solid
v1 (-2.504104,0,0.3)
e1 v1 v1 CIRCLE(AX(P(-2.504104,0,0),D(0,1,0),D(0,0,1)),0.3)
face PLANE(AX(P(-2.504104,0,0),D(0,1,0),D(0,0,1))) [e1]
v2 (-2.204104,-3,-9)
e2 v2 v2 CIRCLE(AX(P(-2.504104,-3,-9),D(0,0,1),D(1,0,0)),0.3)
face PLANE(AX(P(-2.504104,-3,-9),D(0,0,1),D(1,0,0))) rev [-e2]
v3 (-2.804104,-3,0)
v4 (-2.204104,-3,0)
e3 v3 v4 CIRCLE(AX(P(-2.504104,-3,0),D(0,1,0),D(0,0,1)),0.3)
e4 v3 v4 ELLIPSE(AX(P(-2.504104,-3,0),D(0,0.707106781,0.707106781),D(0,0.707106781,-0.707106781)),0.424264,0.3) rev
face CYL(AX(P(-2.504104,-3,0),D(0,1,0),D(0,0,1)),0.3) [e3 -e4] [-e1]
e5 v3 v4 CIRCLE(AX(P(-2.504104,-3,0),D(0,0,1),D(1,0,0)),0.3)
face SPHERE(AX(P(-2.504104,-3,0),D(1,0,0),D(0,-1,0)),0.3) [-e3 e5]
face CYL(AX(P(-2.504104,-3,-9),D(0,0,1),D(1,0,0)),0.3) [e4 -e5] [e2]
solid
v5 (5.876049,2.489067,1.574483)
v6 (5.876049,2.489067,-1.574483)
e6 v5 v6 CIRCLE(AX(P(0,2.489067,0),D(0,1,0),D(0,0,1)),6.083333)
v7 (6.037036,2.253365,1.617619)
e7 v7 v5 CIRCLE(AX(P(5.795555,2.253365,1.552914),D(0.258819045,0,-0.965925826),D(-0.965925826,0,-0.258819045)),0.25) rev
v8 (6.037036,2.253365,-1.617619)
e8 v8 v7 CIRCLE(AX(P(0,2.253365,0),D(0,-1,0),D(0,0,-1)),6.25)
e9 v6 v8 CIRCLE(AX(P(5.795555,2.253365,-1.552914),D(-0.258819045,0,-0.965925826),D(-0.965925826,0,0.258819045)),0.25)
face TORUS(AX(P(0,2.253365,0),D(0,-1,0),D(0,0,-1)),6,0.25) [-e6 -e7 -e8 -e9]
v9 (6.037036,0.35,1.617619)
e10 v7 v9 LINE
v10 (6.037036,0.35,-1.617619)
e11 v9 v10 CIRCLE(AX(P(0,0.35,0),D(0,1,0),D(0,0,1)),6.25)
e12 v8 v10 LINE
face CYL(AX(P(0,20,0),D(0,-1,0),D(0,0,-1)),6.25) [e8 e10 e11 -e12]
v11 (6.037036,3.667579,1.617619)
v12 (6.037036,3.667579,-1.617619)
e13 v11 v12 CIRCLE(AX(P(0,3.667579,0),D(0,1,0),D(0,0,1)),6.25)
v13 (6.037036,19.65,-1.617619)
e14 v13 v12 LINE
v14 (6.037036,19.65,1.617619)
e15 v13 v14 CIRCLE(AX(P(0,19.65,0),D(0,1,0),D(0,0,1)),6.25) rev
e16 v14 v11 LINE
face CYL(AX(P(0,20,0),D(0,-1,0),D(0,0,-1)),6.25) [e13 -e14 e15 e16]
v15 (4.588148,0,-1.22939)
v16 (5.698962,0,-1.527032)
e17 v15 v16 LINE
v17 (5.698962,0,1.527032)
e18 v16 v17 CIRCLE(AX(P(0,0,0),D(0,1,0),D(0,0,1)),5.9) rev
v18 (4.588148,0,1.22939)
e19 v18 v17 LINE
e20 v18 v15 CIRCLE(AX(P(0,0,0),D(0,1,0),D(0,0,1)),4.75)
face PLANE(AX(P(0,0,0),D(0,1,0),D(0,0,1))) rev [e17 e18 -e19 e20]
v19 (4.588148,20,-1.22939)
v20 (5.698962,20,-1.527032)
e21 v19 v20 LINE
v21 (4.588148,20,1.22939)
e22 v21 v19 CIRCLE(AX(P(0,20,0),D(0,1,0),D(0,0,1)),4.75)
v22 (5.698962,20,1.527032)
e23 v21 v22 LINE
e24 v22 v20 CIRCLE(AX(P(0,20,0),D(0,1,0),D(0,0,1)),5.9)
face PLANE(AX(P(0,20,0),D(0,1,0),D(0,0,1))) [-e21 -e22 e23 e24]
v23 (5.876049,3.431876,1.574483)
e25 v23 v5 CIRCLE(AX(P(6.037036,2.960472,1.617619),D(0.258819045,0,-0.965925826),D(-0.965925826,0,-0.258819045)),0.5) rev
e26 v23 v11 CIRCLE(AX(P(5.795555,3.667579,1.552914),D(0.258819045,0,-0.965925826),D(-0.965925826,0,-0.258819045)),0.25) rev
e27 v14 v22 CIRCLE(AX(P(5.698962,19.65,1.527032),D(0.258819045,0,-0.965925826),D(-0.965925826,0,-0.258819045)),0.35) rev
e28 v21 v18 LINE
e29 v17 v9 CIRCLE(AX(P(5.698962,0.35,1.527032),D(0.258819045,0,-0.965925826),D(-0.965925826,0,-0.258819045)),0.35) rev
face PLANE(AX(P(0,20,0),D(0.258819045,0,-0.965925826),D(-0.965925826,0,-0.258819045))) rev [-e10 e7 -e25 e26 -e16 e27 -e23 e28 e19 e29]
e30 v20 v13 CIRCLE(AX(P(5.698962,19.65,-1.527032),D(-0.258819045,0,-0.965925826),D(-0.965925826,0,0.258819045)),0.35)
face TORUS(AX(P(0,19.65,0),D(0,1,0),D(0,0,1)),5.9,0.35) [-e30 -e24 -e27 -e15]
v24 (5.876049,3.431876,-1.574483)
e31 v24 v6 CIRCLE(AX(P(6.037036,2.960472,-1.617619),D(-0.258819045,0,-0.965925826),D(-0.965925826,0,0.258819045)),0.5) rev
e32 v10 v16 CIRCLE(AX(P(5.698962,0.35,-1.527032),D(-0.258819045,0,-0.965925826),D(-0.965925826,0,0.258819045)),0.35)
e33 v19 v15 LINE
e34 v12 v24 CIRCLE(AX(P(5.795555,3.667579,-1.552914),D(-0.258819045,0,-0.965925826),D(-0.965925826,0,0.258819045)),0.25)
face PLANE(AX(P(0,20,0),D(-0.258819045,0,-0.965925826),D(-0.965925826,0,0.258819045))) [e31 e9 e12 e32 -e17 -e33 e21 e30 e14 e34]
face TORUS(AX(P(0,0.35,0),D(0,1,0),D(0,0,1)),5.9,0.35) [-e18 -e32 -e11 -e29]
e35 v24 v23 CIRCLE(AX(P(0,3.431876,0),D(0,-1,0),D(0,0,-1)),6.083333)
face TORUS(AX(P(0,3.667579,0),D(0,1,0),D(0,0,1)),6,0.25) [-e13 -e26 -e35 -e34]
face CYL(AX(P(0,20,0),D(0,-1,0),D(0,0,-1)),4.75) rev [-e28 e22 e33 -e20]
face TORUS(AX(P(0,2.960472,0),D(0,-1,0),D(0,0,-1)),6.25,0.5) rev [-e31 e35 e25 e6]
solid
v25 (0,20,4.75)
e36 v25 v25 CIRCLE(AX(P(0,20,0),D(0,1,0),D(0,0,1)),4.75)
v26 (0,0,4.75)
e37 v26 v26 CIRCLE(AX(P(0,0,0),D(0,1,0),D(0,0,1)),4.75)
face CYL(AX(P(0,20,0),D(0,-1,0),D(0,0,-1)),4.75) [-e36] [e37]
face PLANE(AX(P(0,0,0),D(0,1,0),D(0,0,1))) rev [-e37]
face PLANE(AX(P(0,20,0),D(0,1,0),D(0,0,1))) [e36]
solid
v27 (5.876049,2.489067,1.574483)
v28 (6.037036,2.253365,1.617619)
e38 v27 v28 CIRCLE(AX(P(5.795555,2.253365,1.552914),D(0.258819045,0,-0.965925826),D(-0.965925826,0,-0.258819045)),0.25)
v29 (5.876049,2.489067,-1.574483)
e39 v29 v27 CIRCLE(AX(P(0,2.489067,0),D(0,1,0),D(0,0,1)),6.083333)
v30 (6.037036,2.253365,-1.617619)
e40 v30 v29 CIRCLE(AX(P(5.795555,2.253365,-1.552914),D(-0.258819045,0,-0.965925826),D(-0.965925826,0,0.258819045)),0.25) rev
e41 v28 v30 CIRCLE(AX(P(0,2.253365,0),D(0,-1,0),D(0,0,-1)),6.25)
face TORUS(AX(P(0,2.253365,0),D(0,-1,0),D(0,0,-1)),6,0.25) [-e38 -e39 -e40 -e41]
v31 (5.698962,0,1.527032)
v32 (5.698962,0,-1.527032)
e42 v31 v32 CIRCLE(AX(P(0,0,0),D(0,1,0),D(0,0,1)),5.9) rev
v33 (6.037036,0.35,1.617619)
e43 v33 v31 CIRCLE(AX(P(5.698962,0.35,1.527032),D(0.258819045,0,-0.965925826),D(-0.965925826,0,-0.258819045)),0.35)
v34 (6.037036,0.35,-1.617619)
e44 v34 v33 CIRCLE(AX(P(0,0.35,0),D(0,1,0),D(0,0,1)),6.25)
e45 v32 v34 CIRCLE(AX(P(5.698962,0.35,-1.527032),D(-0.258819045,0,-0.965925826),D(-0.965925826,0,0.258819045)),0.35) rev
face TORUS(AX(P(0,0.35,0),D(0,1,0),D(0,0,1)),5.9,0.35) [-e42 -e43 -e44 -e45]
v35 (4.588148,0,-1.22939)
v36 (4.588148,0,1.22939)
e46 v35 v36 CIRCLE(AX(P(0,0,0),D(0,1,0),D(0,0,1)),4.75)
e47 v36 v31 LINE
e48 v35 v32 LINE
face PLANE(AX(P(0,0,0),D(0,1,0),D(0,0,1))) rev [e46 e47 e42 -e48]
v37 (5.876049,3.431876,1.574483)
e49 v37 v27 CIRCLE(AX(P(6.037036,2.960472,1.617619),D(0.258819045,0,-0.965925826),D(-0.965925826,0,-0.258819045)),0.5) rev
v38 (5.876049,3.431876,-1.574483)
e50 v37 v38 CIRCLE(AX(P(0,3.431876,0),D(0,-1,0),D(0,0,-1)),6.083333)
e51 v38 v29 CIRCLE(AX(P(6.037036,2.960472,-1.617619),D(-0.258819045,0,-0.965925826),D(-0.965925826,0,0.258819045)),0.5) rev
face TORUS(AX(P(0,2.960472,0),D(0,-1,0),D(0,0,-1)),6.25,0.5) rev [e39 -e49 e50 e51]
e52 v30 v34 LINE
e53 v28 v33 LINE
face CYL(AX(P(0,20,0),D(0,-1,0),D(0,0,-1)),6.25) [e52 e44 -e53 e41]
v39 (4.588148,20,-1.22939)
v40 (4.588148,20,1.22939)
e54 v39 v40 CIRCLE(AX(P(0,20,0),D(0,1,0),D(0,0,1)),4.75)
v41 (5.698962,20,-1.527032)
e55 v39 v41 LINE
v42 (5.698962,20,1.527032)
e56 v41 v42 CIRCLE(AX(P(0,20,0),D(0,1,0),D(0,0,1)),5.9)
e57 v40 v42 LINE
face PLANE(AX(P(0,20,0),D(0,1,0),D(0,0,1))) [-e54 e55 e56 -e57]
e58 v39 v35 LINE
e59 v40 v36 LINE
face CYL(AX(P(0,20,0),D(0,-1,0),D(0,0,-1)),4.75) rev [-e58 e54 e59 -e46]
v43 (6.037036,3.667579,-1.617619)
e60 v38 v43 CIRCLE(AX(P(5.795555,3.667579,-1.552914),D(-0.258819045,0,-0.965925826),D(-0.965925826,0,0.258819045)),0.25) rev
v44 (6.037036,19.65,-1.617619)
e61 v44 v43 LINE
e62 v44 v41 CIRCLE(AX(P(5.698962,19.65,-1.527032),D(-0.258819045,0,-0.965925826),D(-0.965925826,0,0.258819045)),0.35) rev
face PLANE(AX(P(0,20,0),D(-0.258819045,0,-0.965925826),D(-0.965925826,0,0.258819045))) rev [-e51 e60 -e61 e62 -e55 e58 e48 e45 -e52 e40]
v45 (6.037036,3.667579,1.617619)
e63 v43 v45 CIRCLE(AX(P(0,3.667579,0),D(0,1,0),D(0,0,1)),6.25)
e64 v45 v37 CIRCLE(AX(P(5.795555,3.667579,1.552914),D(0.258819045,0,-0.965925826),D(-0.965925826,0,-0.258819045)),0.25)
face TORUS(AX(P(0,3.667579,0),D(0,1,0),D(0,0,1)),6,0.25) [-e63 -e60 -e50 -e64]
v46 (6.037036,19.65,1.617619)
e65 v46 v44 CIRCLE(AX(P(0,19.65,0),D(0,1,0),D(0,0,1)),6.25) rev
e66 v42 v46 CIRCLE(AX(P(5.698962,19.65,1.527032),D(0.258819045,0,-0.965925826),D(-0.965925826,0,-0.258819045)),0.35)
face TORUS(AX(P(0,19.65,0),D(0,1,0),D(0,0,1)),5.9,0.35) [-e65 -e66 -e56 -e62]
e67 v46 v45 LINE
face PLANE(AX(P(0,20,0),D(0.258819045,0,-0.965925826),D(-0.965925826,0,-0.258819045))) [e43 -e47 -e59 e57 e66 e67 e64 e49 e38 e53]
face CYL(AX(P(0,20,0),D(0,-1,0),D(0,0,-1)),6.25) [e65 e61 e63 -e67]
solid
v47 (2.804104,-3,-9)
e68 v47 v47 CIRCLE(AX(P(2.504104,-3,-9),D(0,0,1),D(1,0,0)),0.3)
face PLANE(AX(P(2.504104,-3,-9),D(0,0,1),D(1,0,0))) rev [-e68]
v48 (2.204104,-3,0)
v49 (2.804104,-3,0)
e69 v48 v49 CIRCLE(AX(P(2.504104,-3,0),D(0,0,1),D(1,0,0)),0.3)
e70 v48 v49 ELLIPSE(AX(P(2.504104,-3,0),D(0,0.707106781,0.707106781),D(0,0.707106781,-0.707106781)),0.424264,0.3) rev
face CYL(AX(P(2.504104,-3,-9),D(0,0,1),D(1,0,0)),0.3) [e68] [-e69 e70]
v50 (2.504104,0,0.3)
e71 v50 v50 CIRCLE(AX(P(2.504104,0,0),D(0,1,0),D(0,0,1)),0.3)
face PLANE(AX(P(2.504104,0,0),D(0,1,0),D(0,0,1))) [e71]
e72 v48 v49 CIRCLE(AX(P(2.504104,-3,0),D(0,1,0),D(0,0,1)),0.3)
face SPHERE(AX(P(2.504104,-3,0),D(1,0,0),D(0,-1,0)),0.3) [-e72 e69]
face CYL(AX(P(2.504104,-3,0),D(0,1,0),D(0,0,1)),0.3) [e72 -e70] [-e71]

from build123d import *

# Parameters (mm, degrees)
SALIENTE_EXTRUIR2_DEPTH   = 20
SALIENTE_EXTRUIR3_DEPTH   = 20
SALIENTE_EXTRUIR4_DEPTH   = 20
REDONDEO1_R               = 0.35
REDONDEO2_R               = 0.35
REDONDEO3_R               = 0.35
CROQUIS3_R                = 0.5000000000000007
REDONDEO4_R               = 0.25
REDONDEO5_R               = 0.25
CROQUIS4_R                = 0.3000000000000001
SALIENTE_EXTRUIR7_DEPTH   = 3
SALIENTE_EXTRUIR7_2_DEPTH = 3
CROQUIS7_R                = 0.3000000000000001
SALIENTE_EXTRUIR9_DEPTH   = 9


with BuildPart() as part:
    # Croquis2 → Saliente-Extruir2 (new body)
    with BuildSketch(Plane(origin=(0, 0, 0), x_dir=(1, 0, 0), z_dir=(0, 1, 0))):
        with BuildLine():
            ThreePointArc((4.75, 0), (4.709363091525599, 0.619999413045247), (4.588147674873073, 1.2293904642369773))
            ThreePointArc((4.588147674873073, 1.2293904642369773), (-4.75, 5.8e-16), (4.588147674873073, -1.2293904642369775))
            ThreePointArc((4.588147674873073, -1.2293904642369775), (4.709363091525598, -0.6199994130452497), (4.75, -1.16e-15))
        make_face()
    extrude(amount=SALIENTE_EXTRUIR2_DEPTH)


with BuildPart() as body_2:
    # Croquis2<4> → Saliente-Extruir3 (new body)
    with BuildSketch(Plane(origin=(0, 0, 0), x_dir=(1, 0, 0), z_dir=(0, 1, 0))):
        with BuildLine():
            ThreePointArc((4.588147674873073, -1.2293904642369775), (-4.75, 5.8e-16), (4.588147674873073, 1.2293904642369773))
            Line((4.588147674873073, 1.2293904642369773), (6.037036414306675, 1.6176190318907595))
            ThreePointArc((6.037036414306676, 1.6176190318907597), (-6.25, -2.01e-15), (6.037036414306676, -1.6176190318907597))
            Line((6.037036414306676, -1.6176190318907584), (4.588147674873074, -1.2293904642369764))
        make_face()
    extrude(amount=SALIENTE_EXTRUIR3_DEPTH)

    # Redondeo1
    redondeo1_edges = [body_2.edges().sort_by_distance(p)[0] for p in [
        (-6.25, 20, 1.1e-16),
    ]]
    fillet(redondeo1_edges, radius=REDONDEO1_R)

    # Redondeo3
    redondeo3_edges = [body_2.edges().sort_by_distance(p)[0] for p in [
        (-6.25, 0, 1.1e-16),
    ]]
    fillet(redondeo3_edges, radius=REDONDEO3_R)


with BuildPart() as body_3:
    # Croquis2<5> → Saliente-Extruir4 (new body)
    with BuildSketch(Plane(origin=(0, 0, 0), x_dir=(1, 0, 0), z_dir=(0, 1, 0))):
        with BuildLine():
            Line((6.037036414306675, 1.6176190318907595), (4.588147674873073, 1.2293904642369773))
            ThreePointArc((4.588147674873073, 1.2293904642369773), (4.709363091525599, 0.619999413045247), (4.75, 0))
            ThreePointArc((4.75, -1.16e-15), (4.709363091525598, -0.6199994130452497), (4.588147674873073, -1.2293904642369775))
            Line((4.588147674873074, -1.2293904642369764), (6.037036414306676, -1.6176190318907584))
            ThreePointArc((6.037036414306676, -1.6176190318907597), (6.196530383586314, -0.8157887013753286), (6.25, -1.53e-15))
            ThreePointArc((6.25, 0), (6.196530383586315, 0.8157887013753251), (6.037036414306676, 1.6176190318907597))
        make_face()
    extrude(amount=SALIENTE_EXTRUIR4_DEPTH)

    # Redondeo2
    redondeo2_edges = [body_3.edges().sort_by_distance(p)[0] for p in [
        (6.250000000000001, 0, -1.08e-15),
        (6.250000000000001, 20, -4.4e-16),
    ]]
    fillet(redondeo2_edges, radius=REDONDEO2_R)


with BuildPart() as cortar_revoluci_n1_tool:
    # Croquis3 → Cortar-Revolución1 (revolve)
    with BuildSketch(Plane(origin=(0, 0, 0), x_dir=(0, 0, -1), z_dir=(1, 0, 0))):
        with Locations((-6.25, 2.9604719545593716)):
            Circle(CROQUIS3_R)
    revolve(axis=Axis((0, -3.768376338244027, 0), (0, 1, 0)))


with BuildPart() as body_2_1:
    add(body_2.part)

    # Cortar-Revolución1: cut by cortar_revoluci_n1_tool
    add(cortar_revoluci_n1_tool.part, mode=Mode.SUBTRACT)

    # Redondeo5
    redondeo5_edges = [body_2_1.edges().sort_by_distance(p)[0] for p in [
        (-4.95845837682022, 2.460471954559371, -3.8047589313045034),
        (-4.95845837682022, 3.460471954559372, -3.8047589313045034),
    ]]
    fillet(redondeo5_edges, radius=REDONDEO5_R)


with BuildPart() as body_3_1:
    add(body_3.part)

    # Cortar-Revolución1: cut by cortar_revoluci_n1_tool
    add(cortar_revoluci_n1_tool.part, mode=Mode.SUBTRACT)

    # Redondeo4
    redondeo4_edges = [body_3_1.edges().sort_by_distance(p)[0] for p in [
        (6.250000000849846, 2.460471954559371, -1.2367063e-10),
        (6.250000000987957, 3.460471954559372, -1.2092249e-10),
    ]]
    fillet(redondeo4_edges, radius=REDONDEO4_R)


with BuildPart() as body_4:
    # Croquis4 → Saliente-Extruir7 (new body)
    with BuildSketch(Plane(origin=(0, 0, 0), x_dir=(1, 0, 0), z_dir=(0, 1, 0))):
        with Locations((-2.504104344006213, 0)):
            Circle(CROQUIS4_R)
    extrude(amount=-SALIENTE_EXTRUIR7_DEPTH)



with BuildPart() as body_5:
    # Croquis4 → Saliente-Extruir7 2 (new body)
    with BuildSketch(Plane(origin=(0, 0, 0), x_dir=(1, 0, 0), z_dir=(0, 1, 0))):
        with Locations((2.504104344006213, 0)):
            Circle(CROQUIS4_R)
    extrude(amount=-SALIENTE_EXTRUIR7_2_DEPTH)


with BuildPart() as body_4_1:
    add(body_4.part)

    add(body_5.part)  # Saliente-Extruir9 merges body 5
    # Croquis7 → Saliente-Extruir9 (add)
    with BuildSketch(Plane.XY):
        with Locations((-2.504104344006213, -3)):
            Circle(CROQUIS7_R)
        with Locations((2.504104344006213, -3)):
            Circle(CROQUIS7_R)
    extrude(amount=-SALIENTE_EXTRUIR9_DEPTH)

    # Croquis8 → Revolución5 (revolve)
    with BuildSketch(Plane.XY):
        with BuildLine():
            Line((2.8041043440062134, -3), (2.2041043440062134, -3))
            ThreePointArc((2.2041043440062134, -3), (2.504104344006213, -3.3), (2.8041043440062134, -3))
        make_face()
    revolve(axis=Axis((2.8041043440062134, -3, 0), (-1, 0, 0)))

    # Croquis8<3> → Revolución6 (revolve)
    with BuildSketch(Plane.XY):
        with BuildLine():
            Line((2.8041043440062134, -3), (2.2041043440062134, -3))
            ThreePointArc((2.2041043440062134, -3), (2.504104344006213, -3.3), (2.8041043440062134, -3))
        make_face()
        with BuildLine():
            Line((-2.2041043440062134, -3), (-2.8041043440062134, -3))
            ThreePointArc((-2.8041043440062134, -3), (-2.504104344006213, -3.3000000000000003), (-2.2041043440062134, -3))
        make_face()
    revolve(axis=Axis((2.8041043440062134, -3, 0), (-1, 0, 0)))


solid = Compound([part.part, body_2_1.part, body_3_1.part, body_4_1.part])
